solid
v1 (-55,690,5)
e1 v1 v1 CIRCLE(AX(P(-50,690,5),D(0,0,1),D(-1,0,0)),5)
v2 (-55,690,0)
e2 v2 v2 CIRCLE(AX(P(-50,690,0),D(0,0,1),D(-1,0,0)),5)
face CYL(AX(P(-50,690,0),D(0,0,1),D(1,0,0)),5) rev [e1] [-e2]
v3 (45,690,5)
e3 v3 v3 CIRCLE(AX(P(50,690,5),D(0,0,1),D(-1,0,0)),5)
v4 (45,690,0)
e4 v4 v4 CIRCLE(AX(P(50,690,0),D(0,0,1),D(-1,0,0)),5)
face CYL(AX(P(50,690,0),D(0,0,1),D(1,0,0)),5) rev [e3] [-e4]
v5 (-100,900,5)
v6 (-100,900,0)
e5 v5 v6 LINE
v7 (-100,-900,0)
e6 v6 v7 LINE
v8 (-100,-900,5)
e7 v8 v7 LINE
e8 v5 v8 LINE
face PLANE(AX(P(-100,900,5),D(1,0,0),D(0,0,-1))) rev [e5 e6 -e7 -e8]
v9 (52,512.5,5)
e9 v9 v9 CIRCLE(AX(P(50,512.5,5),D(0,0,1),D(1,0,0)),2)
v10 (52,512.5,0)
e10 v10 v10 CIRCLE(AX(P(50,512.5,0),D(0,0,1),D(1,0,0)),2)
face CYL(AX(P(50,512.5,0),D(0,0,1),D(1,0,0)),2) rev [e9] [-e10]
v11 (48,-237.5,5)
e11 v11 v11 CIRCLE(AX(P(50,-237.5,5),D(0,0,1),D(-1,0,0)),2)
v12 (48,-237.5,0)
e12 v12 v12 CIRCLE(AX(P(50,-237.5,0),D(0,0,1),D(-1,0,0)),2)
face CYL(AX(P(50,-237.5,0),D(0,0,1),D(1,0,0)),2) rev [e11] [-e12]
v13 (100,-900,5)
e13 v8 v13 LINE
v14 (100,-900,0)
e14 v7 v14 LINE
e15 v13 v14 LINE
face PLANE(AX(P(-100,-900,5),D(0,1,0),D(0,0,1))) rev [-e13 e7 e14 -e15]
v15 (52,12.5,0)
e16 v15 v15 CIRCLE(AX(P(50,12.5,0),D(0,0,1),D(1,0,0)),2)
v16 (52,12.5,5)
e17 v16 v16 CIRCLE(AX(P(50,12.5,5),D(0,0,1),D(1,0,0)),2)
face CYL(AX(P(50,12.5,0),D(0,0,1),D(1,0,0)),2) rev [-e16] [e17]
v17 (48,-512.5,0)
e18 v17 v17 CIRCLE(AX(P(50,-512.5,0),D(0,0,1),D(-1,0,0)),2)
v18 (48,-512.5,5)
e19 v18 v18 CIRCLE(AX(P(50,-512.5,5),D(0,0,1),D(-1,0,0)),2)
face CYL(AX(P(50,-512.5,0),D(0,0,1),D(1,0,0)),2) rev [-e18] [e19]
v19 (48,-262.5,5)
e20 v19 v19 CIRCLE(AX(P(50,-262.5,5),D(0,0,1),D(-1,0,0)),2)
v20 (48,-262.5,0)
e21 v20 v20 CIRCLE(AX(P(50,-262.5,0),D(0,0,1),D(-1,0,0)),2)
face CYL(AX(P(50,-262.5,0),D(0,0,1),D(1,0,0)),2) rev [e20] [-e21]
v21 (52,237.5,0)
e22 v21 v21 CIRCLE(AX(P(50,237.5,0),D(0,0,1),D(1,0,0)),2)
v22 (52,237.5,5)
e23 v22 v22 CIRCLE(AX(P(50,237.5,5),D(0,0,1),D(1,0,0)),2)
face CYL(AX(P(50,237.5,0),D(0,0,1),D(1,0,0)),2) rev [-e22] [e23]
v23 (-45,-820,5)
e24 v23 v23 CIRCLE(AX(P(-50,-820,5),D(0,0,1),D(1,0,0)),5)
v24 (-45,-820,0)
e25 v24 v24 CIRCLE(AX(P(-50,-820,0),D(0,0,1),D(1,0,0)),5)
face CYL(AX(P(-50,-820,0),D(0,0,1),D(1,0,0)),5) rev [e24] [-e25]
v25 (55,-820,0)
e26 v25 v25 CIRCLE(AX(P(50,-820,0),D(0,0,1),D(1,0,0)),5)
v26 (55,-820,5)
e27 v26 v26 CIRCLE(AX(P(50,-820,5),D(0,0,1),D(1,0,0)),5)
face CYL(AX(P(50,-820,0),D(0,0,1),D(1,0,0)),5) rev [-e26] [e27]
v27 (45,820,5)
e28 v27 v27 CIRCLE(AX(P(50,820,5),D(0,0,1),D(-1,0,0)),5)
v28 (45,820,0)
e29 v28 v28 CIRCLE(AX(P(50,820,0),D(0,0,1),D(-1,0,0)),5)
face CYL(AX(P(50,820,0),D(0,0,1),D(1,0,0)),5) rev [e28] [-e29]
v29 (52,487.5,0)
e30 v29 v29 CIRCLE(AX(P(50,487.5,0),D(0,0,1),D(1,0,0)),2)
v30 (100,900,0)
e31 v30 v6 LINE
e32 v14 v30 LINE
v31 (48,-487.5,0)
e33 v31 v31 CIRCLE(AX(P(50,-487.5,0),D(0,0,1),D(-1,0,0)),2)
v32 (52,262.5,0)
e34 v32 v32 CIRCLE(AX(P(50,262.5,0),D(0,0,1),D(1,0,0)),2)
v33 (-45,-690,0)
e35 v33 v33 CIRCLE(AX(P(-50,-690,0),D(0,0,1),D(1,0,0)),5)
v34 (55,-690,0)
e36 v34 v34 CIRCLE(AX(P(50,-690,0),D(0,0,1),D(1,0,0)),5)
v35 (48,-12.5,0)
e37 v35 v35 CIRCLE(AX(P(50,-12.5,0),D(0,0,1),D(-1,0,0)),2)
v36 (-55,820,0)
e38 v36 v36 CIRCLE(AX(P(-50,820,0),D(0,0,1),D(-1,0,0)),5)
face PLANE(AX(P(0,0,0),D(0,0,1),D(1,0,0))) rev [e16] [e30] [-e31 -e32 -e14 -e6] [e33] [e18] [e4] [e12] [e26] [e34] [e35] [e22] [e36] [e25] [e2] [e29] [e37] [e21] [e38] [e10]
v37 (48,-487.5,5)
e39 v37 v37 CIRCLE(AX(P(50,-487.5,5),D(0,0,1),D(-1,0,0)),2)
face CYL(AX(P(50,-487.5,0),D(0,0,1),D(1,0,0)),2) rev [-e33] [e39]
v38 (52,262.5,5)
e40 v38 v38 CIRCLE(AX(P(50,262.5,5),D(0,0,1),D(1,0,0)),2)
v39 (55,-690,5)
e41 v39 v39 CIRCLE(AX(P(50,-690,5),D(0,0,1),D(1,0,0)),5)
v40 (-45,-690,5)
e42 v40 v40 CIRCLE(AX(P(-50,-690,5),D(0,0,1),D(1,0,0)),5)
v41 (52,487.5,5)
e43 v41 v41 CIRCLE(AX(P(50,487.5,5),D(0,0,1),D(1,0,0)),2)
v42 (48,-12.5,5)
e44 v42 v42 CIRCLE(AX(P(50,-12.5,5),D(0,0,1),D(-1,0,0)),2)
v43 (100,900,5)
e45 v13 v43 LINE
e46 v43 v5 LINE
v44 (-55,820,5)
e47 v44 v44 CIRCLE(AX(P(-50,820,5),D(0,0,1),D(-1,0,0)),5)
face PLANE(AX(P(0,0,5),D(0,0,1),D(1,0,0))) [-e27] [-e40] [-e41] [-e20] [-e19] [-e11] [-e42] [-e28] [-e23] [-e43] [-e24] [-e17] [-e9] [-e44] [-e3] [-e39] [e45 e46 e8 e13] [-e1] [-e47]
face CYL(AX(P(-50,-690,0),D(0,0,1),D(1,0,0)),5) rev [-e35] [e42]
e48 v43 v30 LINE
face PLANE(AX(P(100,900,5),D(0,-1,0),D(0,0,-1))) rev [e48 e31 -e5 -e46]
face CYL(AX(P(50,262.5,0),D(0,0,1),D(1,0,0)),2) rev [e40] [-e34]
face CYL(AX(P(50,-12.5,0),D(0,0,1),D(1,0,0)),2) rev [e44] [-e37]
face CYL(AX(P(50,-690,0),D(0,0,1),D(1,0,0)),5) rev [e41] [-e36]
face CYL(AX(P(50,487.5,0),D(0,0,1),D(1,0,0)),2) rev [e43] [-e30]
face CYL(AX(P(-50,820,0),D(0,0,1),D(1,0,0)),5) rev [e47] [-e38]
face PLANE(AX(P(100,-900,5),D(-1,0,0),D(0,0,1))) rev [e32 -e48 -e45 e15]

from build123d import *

# Parameters (mm, degrees)
SKETCH2_W           = 200
SKETCH2_H           = 1800
BOSS_EXTRUDE1_DEPTH = 5
SKETCH3_R           = 5
SKETCH3_R_2         = 2
CUT_EXTRUDE1_DEPTH  = 5


with BuildPart() as part:
    # Sketch2 → Boss-Extrude1 (new body)
    with BuildSketch(Plane.XY):
        Rectangle(SKETCH2_W, SKETCH2_H)
    extrude(amount=BOSS_EXTRUDE1_DEPTH)

    # Sketch3 → Cut-Extrude1 (cut)
    with BuildSketch(Plane.XY.offset(5)):
        with Locations((-50, -690)):
            Circle(SKETCH3_R)
        with Locations((50, -690)):
            Circle(SKETCH3_R)
        with Locations((-50, -820)):
            Circle(SKETCH3_R)
        with Locations((50, -820)):
            Circle(SKETCH3_R)
        with Locations((50, 820)):
            Circle(SKETCH3_R)
        with Locations((-50, 820)):
            Circle(SKETCH3_R)
        with Locations((50, 690)):
            Circle(SKETCH3_R)
        with Locations((-50, 690)):
            Circle(SKETCH3_R)
        with Locations((50, 512.5)):
            Circle(SKETCH3_R_2)
        with Locations((50, 487.5)):
            Circle(SKETCH3_R_2)
        with Locations((50, 262.5)):
            Circle(SKETCH3_R_2)
        with Locations((50, 237.5)):
            Circle(SKETCH3_R_2)
        with Locations((50, 12.5)):
            Circle(SKETCH3_R_2)
        with Locations((50, -12.5)):
            Circle(SKETCH3_R_2)
        with Locations((50, -237.5)):
            Circle(SKETCH3_R_2)
        with Locations((50, -262.5)):
            Circle(SKETCH3_R_2)
        with Locations((50, -487.5)):
            Circle(SKETCH3_R_2)
        with Locations((50, -512.5)):
            Circle(SKETCH3_R_2)
    extrude(amount=-CUT_EXTRUDE1_DEPTH, mode=Mode.SUBTRACT)


solid = part.part
